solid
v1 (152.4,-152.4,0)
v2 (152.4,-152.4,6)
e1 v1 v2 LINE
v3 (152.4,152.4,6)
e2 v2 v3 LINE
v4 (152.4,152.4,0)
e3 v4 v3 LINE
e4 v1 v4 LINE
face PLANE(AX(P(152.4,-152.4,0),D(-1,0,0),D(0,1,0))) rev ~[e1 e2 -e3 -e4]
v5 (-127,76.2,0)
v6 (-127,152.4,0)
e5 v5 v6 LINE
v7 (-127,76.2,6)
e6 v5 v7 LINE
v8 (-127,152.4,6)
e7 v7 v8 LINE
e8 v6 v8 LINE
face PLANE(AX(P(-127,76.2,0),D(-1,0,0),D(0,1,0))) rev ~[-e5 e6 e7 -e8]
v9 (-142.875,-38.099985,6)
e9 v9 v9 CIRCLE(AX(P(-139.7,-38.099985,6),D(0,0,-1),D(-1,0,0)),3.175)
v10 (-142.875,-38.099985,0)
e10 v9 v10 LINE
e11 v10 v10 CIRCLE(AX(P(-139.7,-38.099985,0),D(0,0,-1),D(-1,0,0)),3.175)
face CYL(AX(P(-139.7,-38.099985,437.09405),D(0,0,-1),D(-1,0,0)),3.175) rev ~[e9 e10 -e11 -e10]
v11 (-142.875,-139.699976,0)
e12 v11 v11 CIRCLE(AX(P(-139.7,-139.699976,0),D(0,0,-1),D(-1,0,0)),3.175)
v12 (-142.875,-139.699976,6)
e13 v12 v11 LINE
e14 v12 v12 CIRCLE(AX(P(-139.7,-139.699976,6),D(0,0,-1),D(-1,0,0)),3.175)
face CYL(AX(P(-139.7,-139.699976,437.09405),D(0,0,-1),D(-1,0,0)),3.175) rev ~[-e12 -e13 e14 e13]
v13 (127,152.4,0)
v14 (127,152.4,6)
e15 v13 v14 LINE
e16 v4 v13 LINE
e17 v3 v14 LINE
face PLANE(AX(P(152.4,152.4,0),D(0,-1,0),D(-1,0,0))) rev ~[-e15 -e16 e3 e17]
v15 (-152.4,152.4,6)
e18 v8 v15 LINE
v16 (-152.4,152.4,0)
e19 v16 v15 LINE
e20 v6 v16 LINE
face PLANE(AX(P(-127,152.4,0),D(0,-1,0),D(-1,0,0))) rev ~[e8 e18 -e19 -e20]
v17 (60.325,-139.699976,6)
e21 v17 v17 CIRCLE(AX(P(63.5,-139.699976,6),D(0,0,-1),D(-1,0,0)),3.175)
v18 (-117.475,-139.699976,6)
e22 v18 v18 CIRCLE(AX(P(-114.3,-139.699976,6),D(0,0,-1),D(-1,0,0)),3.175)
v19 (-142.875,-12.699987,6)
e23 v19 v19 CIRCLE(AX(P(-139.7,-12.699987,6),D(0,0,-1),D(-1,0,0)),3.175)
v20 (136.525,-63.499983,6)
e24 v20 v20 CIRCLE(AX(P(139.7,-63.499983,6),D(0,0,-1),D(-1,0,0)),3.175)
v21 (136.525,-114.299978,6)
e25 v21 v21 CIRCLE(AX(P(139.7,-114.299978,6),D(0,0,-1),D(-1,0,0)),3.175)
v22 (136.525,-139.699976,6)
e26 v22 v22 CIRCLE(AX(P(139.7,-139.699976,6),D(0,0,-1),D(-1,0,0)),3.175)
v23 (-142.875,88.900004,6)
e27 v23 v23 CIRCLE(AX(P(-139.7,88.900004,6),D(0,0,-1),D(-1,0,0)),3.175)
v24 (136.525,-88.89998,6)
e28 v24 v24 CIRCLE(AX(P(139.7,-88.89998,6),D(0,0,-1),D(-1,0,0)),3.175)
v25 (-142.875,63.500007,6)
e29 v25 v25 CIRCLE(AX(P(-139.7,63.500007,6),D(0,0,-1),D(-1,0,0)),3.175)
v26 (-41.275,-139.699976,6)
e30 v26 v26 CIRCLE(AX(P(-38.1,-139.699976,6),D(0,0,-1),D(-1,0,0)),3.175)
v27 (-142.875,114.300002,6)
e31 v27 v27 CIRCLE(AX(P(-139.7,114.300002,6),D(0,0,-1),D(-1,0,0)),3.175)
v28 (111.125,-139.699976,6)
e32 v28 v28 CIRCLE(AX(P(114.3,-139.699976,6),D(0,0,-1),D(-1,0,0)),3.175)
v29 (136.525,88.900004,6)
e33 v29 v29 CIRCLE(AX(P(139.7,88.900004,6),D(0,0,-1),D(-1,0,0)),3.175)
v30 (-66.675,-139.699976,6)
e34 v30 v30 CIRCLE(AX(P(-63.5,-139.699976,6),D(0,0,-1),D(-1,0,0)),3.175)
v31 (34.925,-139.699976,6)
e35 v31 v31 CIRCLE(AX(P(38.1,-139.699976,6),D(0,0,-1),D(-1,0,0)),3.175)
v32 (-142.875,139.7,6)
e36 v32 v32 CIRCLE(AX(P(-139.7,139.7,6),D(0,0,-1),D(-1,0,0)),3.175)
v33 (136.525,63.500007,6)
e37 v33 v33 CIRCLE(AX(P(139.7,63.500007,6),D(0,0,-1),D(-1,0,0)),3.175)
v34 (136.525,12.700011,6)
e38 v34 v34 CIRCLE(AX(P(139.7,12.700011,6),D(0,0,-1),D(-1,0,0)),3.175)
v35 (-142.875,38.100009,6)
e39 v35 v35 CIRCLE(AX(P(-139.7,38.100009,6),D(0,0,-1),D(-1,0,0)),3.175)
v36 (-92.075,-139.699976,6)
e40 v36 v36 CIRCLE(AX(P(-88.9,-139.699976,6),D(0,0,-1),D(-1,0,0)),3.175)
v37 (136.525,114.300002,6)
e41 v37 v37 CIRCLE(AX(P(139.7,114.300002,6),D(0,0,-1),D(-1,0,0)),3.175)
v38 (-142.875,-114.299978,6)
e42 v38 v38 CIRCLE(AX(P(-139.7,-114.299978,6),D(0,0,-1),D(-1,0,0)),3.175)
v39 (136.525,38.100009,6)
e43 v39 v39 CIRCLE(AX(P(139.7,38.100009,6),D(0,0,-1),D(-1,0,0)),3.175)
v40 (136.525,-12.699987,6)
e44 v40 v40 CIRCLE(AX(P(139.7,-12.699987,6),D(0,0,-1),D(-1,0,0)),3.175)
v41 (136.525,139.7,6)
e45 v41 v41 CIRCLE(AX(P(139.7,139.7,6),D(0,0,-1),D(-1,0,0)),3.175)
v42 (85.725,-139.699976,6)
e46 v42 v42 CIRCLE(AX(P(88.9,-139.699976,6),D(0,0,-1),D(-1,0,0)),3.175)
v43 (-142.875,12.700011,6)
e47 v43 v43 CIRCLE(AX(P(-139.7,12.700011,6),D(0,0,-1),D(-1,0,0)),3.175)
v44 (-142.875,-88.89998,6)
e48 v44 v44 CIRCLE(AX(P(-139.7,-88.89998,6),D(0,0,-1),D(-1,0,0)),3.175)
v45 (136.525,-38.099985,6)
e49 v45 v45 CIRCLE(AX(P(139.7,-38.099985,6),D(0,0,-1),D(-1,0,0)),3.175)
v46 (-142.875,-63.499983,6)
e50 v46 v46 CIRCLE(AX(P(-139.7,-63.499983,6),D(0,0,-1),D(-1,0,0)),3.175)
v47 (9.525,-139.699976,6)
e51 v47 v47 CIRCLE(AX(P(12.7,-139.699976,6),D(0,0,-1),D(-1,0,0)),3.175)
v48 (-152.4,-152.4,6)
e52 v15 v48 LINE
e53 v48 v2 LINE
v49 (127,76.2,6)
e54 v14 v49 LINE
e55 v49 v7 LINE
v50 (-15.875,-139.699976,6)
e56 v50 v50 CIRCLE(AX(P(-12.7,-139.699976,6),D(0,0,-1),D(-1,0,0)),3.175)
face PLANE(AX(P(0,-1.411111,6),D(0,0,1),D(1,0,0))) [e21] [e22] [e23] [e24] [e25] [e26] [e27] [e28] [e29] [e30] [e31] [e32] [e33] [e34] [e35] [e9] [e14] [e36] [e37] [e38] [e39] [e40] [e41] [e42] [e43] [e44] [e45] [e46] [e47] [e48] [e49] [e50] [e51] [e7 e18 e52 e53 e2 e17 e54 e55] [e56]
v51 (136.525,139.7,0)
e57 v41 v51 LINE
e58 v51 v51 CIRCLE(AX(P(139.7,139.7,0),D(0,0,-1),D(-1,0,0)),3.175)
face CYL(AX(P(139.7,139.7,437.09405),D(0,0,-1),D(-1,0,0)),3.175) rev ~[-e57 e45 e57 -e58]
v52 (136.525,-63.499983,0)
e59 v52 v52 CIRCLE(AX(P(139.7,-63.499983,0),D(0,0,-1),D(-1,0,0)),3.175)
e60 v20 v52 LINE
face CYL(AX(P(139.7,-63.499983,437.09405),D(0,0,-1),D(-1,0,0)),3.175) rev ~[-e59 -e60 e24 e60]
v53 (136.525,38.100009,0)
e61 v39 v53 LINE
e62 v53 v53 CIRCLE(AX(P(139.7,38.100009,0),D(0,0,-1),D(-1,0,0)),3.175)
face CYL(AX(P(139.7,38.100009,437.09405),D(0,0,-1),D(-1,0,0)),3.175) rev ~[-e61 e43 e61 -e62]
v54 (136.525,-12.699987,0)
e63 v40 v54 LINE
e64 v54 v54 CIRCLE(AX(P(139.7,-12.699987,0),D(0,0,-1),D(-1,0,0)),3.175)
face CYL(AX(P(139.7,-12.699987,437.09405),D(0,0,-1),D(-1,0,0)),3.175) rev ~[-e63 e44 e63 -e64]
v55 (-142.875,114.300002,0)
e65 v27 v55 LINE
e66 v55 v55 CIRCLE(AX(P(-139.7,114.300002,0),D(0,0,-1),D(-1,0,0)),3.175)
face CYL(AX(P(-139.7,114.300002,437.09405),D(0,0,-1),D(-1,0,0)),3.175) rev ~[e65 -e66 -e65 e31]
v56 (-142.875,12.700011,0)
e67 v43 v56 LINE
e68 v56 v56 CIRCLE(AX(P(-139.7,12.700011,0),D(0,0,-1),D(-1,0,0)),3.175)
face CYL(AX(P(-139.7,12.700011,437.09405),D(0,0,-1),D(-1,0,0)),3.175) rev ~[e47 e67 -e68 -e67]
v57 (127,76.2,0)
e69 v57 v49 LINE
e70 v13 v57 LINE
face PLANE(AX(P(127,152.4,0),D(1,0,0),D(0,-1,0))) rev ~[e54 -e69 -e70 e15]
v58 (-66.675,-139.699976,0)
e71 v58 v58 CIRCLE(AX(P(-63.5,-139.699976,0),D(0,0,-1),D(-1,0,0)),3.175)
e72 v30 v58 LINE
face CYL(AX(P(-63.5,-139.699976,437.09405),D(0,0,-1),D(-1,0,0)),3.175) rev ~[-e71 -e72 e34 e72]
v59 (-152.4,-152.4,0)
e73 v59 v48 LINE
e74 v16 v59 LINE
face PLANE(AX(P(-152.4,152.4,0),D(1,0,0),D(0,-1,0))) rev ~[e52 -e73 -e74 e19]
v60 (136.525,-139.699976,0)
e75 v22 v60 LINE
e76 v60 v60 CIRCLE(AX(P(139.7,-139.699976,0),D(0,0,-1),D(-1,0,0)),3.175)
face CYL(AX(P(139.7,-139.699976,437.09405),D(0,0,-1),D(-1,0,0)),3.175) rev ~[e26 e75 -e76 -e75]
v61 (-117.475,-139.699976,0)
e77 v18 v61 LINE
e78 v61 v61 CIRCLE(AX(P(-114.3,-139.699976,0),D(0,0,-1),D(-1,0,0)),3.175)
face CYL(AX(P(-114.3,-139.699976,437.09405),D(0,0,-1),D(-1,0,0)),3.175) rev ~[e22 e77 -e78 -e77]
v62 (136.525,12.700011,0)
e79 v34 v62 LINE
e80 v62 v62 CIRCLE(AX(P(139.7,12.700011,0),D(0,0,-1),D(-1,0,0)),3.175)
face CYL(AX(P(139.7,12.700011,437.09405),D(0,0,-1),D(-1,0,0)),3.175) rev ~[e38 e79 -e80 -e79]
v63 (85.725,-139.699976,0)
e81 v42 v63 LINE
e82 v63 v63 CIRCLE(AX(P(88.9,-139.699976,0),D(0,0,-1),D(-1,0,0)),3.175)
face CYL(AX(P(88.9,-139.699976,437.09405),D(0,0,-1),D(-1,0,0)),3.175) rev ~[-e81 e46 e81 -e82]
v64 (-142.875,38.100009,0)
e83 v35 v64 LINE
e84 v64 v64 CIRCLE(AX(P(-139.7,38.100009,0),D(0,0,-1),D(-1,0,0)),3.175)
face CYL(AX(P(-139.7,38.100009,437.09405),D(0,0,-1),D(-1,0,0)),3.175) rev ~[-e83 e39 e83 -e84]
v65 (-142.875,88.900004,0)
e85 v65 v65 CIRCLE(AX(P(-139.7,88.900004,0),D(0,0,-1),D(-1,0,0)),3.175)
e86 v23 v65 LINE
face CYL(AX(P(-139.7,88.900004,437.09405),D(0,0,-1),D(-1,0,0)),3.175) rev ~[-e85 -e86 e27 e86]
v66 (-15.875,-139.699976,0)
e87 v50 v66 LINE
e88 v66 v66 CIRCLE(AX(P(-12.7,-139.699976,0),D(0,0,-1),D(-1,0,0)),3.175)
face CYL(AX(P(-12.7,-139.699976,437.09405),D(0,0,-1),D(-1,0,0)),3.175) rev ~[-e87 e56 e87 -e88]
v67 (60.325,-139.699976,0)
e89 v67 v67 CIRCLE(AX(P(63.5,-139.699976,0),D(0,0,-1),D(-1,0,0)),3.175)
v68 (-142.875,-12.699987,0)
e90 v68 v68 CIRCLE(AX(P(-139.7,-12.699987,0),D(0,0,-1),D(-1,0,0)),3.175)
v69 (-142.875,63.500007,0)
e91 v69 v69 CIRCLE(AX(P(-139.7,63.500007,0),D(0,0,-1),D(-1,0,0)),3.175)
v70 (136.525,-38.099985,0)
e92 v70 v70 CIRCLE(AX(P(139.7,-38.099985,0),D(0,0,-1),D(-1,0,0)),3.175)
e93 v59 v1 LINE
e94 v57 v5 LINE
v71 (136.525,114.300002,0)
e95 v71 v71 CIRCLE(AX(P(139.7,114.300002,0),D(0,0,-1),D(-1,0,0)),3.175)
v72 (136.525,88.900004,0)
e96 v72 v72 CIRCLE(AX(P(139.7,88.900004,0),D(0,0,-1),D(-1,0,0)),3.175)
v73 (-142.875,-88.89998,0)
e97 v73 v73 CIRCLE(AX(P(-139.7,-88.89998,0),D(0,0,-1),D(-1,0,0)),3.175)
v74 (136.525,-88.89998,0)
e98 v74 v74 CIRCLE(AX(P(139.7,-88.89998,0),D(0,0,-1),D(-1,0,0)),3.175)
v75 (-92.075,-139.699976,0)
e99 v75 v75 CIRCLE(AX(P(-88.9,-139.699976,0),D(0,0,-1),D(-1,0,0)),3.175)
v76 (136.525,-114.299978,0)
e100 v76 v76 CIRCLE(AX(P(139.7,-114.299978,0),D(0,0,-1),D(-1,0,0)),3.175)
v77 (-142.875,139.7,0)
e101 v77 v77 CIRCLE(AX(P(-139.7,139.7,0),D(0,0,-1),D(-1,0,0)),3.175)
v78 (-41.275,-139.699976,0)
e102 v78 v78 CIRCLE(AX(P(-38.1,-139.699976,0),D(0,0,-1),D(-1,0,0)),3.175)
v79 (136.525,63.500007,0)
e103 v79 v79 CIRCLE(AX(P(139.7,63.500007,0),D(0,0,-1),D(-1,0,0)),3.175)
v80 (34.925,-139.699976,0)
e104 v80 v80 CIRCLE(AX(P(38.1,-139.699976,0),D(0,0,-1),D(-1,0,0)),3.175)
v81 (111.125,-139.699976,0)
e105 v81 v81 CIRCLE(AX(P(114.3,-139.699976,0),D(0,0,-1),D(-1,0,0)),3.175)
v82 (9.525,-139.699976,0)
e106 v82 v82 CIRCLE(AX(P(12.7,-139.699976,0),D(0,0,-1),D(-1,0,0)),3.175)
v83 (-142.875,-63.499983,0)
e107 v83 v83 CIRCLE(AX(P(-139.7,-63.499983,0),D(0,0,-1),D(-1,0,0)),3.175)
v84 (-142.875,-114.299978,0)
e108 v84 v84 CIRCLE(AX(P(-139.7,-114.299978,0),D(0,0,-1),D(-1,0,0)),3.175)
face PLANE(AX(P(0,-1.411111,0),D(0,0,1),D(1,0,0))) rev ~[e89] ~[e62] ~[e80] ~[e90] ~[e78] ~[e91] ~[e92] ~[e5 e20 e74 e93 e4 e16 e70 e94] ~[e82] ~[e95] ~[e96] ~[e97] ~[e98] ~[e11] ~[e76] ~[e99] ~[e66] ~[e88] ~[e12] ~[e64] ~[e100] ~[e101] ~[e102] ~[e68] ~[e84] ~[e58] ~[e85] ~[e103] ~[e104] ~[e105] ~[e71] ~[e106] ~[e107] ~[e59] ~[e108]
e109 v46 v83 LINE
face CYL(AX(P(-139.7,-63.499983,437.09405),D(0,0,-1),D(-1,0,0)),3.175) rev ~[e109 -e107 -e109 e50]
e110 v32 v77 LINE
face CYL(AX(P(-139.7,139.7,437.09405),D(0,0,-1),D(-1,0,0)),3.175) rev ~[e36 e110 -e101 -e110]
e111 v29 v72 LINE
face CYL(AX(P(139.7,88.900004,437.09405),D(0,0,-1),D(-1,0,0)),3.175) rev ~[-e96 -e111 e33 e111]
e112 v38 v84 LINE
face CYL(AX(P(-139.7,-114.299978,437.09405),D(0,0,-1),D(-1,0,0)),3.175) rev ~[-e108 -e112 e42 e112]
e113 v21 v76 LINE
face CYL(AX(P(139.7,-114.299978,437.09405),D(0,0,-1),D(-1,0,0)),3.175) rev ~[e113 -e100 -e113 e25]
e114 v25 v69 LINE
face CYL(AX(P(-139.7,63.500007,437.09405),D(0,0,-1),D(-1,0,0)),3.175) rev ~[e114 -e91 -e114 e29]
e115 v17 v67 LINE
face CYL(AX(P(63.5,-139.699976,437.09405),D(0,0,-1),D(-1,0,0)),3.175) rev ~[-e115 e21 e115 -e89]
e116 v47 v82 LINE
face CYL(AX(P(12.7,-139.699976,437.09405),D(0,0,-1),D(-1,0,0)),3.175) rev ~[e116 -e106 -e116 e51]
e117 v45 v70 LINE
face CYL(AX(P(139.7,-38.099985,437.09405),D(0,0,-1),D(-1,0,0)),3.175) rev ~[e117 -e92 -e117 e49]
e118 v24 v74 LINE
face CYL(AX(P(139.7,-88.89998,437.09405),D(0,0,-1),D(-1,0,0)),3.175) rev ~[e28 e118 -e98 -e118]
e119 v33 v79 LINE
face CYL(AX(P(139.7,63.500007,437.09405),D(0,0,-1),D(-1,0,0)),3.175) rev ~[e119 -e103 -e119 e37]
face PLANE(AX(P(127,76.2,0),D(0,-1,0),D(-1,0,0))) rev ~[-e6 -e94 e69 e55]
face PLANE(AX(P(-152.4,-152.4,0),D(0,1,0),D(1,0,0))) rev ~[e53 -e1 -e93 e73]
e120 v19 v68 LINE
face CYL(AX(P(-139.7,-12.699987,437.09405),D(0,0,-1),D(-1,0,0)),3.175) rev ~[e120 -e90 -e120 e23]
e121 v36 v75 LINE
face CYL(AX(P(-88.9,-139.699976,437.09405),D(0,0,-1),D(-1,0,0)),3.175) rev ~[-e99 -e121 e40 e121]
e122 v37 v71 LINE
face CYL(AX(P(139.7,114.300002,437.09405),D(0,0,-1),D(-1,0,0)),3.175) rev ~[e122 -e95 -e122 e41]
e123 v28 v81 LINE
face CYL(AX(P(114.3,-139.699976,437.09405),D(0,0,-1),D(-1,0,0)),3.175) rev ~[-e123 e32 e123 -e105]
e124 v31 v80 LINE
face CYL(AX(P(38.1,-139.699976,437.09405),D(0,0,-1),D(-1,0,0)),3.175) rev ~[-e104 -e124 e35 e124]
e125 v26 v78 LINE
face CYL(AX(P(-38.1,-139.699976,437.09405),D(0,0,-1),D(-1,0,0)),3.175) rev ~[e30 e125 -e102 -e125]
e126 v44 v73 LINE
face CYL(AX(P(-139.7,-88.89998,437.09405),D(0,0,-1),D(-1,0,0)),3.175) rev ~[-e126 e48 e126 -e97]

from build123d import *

# Parameters (mm, degrees)
F1_DEPTH = 6
F3_D     = 6.35


with BuildPart() as f1:
    # F0 (on Top) → F1 (new body)
    with BuildSketch(Plane.XY):
        Polygon((-127, 152.4), (-152.4, 152.4), (-152.4, -152.4), (152.4, -152.4), (152.4, 152.4), (127, 152.4), (127, 76.2), (-127, 76.2), align=None)
    extrude(amount=F1_DEPTH)

    # F3 (through all)
    with Locations(Plane.XY.offset(6)):
        with Locations((-139.7, 114.300002), (63.5, -139.699976), (-139.7, 12.700011), (139.7, -12.699987), (139.7, 114.300002), (-139.7, -63.499983), (38.1, -139.699976), (139.7, 88.900004), (-38.1, -139.699976), (-139.7, -38.099985), (-88.9, -139.699976), (-114.3, -139.699976), (12.7, -139.699976), (-139.7, 139.7), (-139.7, -114.299978), (139.7, 12.700011), (139.7, 38.100009), (139.7, -38.099985), (139.7, 139.7), (88.9, -139.699976), (-139.7, -139.699976), (-63.5, -139.699976), (-12.7, -139.699976), (139.7, -139.699976), (139.7, -114.299978), (-139.7, 38.100009), (139.7, -88.89998), (139.7, -63.499983), (-139.7, -12.699987), (-139.7, 63.500007), (139.7, 63.500007), (-139.7, -88.89998), (-139.7, 88.900004), (114.3, -139.699976)):
            Hole(F3_D / 2)


solid = f1.part
